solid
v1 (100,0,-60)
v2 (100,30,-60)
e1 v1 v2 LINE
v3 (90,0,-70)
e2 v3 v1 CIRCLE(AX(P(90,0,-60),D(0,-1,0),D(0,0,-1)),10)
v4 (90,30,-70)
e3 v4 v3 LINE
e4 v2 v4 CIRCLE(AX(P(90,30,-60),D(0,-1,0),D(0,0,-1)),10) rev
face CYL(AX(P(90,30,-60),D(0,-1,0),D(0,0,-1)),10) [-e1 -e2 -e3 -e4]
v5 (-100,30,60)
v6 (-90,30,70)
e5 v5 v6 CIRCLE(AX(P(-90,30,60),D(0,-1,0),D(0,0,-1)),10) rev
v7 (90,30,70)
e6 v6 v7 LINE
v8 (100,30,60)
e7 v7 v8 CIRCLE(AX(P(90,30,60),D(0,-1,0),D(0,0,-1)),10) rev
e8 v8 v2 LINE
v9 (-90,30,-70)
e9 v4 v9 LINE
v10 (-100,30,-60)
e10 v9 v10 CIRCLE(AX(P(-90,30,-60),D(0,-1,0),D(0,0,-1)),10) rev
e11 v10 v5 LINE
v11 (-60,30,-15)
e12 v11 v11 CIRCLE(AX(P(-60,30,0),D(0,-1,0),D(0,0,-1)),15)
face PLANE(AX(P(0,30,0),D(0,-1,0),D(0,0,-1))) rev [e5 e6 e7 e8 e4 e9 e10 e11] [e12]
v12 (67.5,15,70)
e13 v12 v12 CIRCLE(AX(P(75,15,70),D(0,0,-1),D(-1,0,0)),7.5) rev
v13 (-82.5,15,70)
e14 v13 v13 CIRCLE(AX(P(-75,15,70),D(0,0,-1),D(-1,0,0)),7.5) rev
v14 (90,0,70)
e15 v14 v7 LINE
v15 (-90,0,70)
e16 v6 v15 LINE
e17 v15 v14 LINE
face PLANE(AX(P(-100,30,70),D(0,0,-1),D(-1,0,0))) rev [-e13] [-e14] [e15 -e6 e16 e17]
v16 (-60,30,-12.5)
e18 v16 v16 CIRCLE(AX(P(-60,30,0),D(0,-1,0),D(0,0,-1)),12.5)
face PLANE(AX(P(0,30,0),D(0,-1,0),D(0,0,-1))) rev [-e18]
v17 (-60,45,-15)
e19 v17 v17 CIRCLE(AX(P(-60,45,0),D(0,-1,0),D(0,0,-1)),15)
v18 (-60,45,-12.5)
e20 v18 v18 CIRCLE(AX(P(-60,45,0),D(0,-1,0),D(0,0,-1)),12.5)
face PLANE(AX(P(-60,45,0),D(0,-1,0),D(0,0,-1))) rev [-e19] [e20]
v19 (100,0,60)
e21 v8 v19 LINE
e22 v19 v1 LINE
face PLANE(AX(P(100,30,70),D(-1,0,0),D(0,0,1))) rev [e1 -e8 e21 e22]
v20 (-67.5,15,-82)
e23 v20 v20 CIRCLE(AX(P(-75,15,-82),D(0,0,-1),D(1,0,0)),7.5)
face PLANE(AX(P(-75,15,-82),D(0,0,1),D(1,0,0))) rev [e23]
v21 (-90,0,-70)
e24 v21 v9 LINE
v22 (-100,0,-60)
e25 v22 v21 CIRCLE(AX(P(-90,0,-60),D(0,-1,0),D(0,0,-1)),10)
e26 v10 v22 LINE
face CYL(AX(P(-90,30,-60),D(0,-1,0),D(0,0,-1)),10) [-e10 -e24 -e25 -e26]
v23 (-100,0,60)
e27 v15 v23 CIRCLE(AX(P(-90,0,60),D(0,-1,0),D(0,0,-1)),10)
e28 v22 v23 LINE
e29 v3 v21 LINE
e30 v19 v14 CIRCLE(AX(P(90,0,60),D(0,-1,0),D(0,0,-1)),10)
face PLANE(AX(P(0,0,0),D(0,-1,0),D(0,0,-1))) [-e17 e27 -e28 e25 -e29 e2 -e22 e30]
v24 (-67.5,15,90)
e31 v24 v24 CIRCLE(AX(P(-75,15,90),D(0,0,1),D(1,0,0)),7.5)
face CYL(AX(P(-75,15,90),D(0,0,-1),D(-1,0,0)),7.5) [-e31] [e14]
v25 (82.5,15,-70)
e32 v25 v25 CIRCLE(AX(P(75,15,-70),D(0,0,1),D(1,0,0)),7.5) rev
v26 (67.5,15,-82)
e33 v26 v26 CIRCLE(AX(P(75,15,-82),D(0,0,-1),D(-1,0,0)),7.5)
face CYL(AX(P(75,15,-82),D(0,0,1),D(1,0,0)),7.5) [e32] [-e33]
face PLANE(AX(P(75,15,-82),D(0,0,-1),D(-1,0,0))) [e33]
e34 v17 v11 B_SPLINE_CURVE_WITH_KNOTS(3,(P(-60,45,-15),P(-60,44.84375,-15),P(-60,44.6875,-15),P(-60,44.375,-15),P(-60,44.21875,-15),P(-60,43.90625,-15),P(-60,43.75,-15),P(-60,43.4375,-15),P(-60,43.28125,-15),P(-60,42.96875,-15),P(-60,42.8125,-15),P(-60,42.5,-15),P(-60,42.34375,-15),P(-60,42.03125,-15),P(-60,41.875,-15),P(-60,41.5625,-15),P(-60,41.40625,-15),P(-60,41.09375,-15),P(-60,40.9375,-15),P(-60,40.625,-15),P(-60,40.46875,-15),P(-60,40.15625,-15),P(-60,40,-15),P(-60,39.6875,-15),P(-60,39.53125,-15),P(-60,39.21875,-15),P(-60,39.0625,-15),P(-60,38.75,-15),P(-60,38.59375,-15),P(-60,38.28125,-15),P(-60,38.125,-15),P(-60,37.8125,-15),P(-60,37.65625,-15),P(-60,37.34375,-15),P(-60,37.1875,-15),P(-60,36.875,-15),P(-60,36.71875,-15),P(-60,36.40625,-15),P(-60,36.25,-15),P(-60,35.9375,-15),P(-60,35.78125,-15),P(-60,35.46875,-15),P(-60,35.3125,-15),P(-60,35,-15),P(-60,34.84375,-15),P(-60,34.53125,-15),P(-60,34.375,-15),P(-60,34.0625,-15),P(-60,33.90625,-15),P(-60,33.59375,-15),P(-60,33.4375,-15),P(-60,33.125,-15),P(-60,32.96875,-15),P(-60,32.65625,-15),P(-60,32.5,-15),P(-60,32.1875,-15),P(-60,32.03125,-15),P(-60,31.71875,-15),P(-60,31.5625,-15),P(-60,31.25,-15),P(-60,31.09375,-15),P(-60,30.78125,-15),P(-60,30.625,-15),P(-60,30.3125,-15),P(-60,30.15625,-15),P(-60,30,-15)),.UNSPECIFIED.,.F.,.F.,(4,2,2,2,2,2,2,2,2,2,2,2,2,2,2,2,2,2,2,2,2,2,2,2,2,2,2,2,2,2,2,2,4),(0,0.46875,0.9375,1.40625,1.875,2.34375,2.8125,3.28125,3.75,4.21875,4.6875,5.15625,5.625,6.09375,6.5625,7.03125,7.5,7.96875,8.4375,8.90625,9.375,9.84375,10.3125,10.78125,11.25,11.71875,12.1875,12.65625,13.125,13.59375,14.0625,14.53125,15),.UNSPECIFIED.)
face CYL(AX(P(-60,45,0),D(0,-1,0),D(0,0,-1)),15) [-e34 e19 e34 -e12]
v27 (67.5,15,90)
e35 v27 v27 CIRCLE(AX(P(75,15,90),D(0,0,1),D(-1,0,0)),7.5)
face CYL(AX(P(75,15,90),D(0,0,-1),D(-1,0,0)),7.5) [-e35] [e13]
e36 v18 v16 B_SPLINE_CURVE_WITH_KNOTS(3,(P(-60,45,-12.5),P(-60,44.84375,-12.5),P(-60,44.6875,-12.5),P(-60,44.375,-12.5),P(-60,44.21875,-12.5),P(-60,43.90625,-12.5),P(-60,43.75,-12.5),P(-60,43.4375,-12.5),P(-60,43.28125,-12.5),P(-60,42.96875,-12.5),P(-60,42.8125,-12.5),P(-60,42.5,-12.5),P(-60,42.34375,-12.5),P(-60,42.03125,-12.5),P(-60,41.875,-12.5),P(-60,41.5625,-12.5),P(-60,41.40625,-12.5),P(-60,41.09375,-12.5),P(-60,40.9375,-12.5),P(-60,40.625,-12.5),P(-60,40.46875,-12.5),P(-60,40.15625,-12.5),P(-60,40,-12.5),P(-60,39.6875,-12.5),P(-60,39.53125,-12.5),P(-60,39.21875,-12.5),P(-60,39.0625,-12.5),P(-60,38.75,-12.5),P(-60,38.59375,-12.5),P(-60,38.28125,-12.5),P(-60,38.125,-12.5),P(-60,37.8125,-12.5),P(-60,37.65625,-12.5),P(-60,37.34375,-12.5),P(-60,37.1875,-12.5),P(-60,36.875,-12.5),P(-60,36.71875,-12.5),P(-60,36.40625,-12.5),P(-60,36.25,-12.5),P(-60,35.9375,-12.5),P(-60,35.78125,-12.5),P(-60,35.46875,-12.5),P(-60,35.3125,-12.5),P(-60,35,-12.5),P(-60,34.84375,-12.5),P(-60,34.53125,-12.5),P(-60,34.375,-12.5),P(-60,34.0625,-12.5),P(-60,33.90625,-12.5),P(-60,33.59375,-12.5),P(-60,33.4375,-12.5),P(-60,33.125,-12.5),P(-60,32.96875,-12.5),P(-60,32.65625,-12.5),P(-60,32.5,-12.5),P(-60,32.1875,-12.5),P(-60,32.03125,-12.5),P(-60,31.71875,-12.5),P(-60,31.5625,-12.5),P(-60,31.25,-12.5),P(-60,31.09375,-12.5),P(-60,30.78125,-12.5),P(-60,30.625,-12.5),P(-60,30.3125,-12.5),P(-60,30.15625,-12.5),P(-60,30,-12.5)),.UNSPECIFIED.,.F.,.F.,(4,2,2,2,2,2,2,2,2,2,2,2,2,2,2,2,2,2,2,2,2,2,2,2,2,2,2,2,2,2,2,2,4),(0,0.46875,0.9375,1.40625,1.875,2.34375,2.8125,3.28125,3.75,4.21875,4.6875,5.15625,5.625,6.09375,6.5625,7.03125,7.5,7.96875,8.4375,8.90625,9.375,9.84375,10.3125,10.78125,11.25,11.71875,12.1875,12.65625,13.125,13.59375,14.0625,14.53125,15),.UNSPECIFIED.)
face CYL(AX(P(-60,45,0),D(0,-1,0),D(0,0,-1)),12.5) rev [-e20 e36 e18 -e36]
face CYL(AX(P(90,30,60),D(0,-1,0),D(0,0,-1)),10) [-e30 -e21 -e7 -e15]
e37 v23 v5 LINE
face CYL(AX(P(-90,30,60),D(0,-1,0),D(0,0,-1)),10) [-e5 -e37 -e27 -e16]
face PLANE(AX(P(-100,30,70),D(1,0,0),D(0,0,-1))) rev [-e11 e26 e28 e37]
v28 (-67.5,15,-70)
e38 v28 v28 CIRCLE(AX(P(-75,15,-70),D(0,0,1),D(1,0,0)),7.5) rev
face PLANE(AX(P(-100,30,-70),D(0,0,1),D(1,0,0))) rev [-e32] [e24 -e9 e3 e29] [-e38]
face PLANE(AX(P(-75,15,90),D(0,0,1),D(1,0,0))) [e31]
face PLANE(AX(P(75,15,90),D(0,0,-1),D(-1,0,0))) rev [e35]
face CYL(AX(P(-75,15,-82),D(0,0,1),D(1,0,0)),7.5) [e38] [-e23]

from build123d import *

# Parameters (mm, degrees)
SKETCH1_W           = 200
SKETCH1_H           = 140
BOSS_EXTRUDE1_DEPTH = 30
FILLET1_R           = 10
SKETCH2_R           = 7.5
BOSS_EXTRUDE2_DEPTH = 20
BOSS_EXTRUDE3_START = 12
SKETCH4_R           = 7.5
BOSS_EXTRUDE3_DEPTH = 12
SKETCH6_R           = 15
SKETCH6_R_2         = 12.5
BOSS_EXTRUDE4_DEPTH = 45


with BuildPart() as part:
    # Sketch1 → Boss-Extrude1 (new body)
    with BuildSketch(Plane(origin=(0, 0, 0), x_dir=(1, 0, 0), z_dir=(0, 1, 0))):
        Rectangle(SKETCH1_W, SKETCH1_H)
    extrude(amount=BOSS_EXTRUDE1_DEPTH)

    # Fillet1
    fillet1_edges = [part.edges().sort_by_distance(p)[0] for p in [
        (100, 15, 70),
        (-100, 15, 70),
        (-100, 15, -70),
        (100, 15, -70),
    ]]
    fillet(fillet1_edges, radius=FILLET1_R)

    # Sketch2 → Boss-Extrude2 (add)
    with BuildSketch(Plane.XY.offset(70)):
        with Locations(Location((-75, 15, 0), (0, 0, 180))):
            Circle(SKETCH2_R)
        with Locations(Location((75, 15, 0), (0, 0, 180))):
            Circle(SKETCH2_R)
    extrude(amount=BOSS_EXTRUDE2_DEPTH)

    # Sketch4 → Boss-Extrude3 (add)
    with BuildSketch(Plane(origin=(0, 0, -70), x_dir=(-1, 0, 0), z_dir=(0, 0, -1)).offset(BOSS_EXTRUDE3_START)):
        with Locations((-75, 15)):
            Circle(SKETCH4_R)
        with Locations((75, 15)):
            Circle(SKETCH4_R)
    extrude(amount=-BOSS_EXTRUDE3_DEPTH)

    # Sketch6 → Boss-Extrude4 (add)
    with BuildSketch(Plane.XZ):
        with Locations(Location((-60, 0, 0), (0, 0, 270))):
            Circle(SKETCH6_R)
        with Locations(Location((-60, 0, 0), (0, 0, 270))):
            Circle(SKETCH6_R_2, mode=Mode.SUBTRACT)
    extrude(amount=-BOSS_EXTRUDE4_DEPTH)


solid = part.part
